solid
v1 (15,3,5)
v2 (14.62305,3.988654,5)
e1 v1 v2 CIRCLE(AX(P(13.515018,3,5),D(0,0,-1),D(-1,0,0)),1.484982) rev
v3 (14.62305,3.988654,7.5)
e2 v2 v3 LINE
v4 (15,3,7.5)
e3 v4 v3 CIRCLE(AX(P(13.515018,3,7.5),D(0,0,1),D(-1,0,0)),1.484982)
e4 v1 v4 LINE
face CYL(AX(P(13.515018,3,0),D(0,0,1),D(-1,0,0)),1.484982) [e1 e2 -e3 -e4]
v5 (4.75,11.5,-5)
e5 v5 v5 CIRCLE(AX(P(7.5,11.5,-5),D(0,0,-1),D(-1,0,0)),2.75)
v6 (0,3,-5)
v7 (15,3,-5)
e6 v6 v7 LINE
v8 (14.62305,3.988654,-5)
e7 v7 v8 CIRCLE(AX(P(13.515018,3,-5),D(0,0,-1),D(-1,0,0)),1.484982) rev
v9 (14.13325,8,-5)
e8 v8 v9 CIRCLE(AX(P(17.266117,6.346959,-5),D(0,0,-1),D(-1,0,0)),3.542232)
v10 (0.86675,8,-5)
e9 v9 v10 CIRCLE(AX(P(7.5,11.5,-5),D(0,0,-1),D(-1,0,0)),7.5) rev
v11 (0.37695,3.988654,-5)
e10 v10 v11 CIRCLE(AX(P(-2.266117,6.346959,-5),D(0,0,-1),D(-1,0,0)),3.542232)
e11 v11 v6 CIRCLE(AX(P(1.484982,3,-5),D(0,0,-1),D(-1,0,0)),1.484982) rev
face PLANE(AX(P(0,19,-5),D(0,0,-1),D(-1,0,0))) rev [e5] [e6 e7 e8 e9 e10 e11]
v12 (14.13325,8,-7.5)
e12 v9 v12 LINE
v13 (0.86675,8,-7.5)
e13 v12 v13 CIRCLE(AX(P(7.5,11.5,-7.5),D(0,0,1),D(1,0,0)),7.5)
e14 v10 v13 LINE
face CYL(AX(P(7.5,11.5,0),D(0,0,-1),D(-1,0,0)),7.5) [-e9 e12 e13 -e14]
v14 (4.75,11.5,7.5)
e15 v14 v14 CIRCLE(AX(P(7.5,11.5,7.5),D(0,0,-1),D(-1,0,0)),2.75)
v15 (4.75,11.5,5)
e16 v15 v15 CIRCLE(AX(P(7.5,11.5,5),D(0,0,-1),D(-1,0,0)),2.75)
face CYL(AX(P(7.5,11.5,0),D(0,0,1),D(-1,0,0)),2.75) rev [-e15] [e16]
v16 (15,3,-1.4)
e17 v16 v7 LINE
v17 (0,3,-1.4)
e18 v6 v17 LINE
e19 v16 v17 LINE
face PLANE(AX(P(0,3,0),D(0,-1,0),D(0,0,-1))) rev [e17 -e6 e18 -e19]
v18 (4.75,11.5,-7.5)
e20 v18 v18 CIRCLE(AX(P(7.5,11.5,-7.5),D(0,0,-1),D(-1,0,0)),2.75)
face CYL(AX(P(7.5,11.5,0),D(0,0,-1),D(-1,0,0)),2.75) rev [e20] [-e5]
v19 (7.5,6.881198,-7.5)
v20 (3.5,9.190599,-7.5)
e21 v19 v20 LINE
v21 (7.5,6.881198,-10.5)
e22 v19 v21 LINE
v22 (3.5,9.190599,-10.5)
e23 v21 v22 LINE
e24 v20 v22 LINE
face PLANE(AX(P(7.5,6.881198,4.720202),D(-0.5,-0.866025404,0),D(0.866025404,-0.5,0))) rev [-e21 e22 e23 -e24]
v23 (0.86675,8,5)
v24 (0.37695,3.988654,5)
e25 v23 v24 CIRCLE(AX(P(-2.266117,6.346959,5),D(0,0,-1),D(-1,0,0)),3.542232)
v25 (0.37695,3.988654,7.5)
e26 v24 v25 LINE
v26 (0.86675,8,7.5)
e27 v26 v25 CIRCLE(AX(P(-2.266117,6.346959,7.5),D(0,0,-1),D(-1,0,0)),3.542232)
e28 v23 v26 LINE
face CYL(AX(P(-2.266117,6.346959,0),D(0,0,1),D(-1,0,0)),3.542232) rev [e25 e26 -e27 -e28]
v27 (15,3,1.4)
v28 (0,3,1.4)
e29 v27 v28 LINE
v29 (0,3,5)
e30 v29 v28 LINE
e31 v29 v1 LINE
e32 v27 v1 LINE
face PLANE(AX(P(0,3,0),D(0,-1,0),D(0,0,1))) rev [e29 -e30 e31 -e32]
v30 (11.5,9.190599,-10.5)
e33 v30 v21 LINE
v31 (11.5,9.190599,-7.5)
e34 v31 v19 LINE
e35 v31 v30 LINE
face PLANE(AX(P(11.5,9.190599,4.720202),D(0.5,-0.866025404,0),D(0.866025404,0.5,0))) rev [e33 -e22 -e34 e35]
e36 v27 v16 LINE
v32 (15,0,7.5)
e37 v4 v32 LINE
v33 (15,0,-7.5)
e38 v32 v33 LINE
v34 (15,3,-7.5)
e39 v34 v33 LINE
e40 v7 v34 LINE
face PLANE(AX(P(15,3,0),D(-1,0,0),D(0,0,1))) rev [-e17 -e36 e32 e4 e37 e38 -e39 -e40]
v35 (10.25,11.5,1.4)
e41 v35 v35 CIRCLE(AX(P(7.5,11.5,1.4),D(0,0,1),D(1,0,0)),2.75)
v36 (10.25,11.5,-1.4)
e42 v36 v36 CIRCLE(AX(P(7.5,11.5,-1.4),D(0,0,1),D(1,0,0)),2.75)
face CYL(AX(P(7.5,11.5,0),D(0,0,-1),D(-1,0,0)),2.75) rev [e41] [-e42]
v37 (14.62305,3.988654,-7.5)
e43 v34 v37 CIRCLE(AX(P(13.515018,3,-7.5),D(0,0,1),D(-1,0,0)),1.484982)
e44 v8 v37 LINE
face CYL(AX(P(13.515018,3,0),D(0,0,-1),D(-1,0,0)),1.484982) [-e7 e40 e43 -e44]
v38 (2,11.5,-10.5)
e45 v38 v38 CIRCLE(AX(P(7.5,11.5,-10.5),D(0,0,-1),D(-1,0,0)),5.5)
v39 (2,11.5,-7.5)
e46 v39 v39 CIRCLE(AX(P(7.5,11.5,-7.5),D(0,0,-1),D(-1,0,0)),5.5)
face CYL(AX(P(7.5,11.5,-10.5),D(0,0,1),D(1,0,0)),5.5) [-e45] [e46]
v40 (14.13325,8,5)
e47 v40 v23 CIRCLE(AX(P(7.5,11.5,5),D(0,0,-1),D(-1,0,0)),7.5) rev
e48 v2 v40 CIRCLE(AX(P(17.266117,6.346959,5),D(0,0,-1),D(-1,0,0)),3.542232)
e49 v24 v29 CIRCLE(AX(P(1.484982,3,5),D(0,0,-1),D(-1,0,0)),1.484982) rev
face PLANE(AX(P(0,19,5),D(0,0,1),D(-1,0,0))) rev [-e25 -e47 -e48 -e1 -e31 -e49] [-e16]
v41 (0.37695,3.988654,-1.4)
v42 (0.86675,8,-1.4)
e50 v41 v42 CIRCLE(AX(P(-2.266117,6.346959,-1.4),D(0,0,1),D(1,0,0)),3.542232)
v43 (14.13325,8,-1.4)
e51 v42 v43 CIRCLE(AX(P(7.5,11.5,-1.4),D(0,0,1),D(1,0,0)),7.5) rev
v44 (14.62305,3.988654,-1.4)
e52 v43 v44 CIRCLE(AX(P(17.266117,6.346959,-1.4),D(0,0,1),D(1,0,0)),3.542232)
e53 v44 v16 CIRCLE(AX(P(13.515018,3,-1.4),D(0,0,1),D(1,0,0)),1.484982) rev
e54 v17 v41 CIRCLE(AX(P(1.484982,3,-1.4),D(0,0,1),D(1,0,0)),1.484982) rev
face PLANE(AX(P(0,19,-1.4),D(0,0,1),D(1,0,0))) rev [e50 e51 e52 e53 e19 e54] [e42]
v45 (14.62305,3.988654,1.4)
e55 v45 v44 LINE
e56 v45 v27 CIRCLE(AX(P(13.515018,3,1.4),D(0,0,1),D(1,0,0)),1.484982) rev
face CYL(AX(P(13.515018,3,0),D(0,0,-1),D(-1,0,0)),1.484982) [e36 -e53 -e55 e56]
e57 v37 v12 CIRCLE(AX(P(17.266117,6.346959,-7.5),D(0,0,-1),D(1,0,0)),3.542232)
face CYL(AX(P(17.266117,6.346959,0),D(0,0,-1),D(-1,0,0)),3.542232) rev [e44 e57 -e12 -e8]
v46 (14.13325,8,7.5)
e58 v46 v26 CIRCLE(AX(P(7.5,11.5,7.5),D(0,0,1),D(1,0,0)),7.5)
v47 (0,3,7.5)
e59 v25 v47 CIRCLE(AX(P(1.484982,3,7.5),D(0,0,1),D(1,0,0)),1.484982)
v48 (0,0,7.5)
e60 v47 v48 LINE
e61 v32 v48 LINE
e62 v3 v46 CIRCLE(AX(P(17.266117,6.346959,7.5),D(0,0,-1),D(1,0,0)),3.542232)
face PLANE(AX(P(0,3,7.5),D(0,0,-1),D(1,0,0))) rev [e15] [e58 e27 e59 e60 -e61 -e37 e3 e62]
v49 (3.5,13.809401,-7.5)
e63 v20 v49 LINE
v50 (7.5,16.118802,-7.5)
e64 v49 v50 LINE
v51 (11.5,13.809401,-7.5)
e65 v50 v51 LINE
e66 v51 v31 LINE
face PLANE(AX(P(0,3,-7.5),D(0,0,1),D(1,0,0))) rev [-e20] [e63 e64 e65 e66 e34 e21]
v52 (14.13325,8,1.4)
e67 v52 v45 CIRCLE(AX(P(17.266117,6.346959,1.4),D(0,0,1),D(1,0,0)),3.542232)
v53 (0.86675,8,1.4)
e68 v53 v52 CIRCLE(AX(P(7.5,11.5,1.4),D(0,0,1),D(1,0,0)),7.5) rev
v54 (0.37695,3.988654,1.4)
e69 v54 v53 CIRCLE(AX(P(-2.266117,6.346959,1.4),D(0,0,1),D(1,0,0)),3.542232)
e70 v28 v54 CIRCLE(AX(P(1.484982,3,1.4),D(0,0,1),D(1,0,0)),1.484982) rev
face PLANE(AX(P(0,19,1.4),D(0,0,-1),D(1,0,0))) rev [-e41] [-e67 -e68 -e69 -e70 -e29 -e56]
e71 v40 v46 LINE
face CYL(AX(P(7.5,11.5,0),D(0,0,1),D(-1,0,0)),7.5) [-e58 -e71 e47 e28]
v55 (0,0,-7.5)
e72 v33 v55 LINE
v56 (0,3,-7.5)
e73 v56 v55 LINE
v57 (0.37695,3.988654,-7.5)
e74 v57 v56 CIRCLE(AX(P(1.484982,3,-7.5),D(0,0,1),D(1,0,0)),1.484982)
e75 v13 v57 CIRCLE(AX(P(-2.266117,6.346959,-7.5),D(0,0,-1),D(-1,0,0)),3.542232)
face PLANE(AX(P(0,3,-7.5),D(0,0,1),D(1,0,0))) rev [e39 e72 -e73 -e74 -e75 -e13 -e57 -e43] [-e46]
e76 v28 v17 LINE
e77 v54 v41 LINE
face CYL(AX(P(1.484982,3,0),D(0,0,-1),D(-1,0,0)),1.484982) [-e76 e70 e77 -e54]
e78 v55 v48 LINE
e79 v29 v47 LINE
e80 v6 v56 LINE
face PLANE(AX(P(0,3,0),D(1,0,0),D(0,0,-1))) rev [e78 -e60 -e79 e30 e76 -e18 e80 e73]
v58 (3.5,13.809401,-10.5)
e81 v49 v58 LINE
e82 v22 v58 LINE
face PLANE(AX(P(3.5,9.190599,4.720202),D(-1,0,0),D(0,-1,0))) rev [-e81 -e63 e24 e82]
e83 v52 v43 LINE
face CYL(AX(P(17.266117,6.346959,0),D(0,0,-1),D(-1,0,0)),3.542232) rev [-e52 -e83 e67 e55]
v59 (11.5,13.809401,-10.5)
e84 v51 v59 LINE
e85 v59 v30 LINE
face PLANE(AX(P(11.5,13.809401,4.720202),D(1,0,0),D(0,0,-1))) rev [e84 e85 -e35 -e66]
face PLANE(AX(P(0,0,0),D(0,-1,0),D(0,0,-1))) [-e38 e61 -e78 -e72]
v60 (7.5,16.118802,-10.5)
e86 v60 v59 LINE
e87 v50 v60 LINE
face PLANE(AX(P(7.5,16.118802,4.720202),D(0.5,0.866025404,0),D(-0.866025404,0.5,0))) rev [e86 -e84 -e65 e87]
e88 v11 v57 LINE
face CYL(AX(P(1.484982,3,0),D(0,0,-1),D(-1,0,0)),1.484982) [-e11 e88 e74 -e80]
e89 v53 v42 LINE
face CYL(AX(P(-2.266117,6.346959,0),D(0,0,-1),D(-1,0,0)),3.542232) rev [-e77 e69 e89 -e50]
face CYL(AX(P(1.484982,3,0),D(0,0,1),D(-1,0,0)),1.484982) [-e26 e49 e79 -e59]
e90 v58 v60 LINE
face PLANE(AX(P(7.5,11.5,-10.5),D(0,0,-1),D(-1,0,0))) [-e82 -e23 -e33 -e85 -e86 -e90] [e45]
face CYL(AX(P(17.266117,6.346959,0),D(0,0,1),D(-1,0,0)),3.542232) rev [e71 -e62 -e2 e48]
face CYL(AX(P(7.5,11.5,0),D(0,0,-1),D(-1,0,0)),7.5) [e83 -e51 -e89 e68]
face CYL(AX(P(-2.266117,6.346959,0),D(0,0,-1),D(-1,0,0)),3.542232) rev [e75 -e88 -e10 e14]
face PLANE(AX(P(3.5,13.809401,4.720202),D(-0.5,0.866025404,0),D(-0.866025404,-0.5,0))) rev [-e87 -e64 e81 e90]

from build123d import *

# Parameters (mm, degrees)
SKETCH1_W               = 15
SKETCH1_H               = 7.5
BOSS_EXTRUDE_BASE_DEPTH = 3
SKETCH2_W               = 15
SKETCH2_H               = 2.5
SKETCH2_H_2             = 1.4
BOSS_EXTRUDE2_DEPTH     = 16
CUT_EXTRUDE1_DEPTH      = 26.342651795
SKETCH6_R               = 2.75
CUT_EXTRUDE_HOLE_DEPTH  = 26.342651795
SKETCH7_R               = 5.5
BOSS_EXTRUDE4_DEPTH     = 3
CUT_EXTRUDE4_DEPTH      = 3


with BuildPart() as part:
    # Sketch1 → Boss-Extrude - Base (new body)
    with BuildSketch(Plane(origin=(0, 0, 0), x_dir=(1, 0, 0), z_dir=(0, 1, 0))):
        with Locations((7.5, 3.75)):
            Rectangle(SKETCH1_W, SKETCH1_H)
    extrude(amount=BOSS_EXTRUDE_BASE_DEPTH)

    # Sketch2 → Boss-Extrude2 (add)
    with BuildSketch(Plane(origin=(0, 3, 0), x_dir=(1, 0, 0), z_dir=(0, 1, 0))):
        with Locations((7.5, 6.25)):
            Rectangle(SKETCH2_W, SKETCH2_H)
        with Locations((7.5, 0.7)):
            Rectangle(SKETCH2_W, SKETCH2_H_2)
    extrude(amount=BOSS_EXTRUDE2_DEPTH)

    # Sketch4 → Cut-Extrude1 (cut, through all)
    with BuildSketch(Plane(origin=(0, 0, -7.5), x_dir=(-1, 0, 0), z_dir=(0, 0, -1))):
        with BuildLine():
            Line((0, 3), (3.144969959, 3))
            Line((3.144969959, 3), (3.144969959, 20.655431795))
            Line((3.144969959, 20.655431795), (-18.154935256, 20.655431795))
            Line((-18.154935256, 20.655431795), (-18.154935256, 3))
            Line((-18.154935256, 3), (-15, 3))
            ThreePointArc((-15, 3), (-14.902566102, 3.529038543), (-14.623050239, 3.988653628))
            ThreePointArc((-14.623050239, 3.988653628), (-13.75, 5.91762732), (-14.133249581, 8))
            ThreePointArc((-14.133249581, 8), (-7.5, 19), (-0.866750419, 8))
            ThreePointArc((-0.866750419, 8), (-1.25, 5.91762732), (-0.376949761, 3.988653628))
            ThreePointArc((-0.376949761, 3.988653628), (-0.097433898, 3.529038543), (0, 3))
        make_face()
    extrude(amount=-CUT_EXTRUDE1_DEPTH, mode=Mode.SUBTRACT)

    # Sketch6 → Cut-Extrude - Hole (cut, through all)
    with BuildSketch(Plane(origin=(0, 0, -7.5), x_dir=(-1, 0, 0), z_dir=(0, 0, -1))):
        with Locations((-7.5, 11.5)):
            Circle(SKETCH6_R)
    extrude(amount=-CUT_EXTRUDE_HOLE_DEPTH, mode=Mode.SUBTRACT)

    # Mirror1: part across plane


with BuildPart() as part_1:
    add(part.part)
    add(part.part.mirror(Plane(origin=(0, 3, 0), x_dir=(1, 0, 0), z_dir=(0, 0, -1))))

    # Sketch7 → Boss-Extrude4 (add)
    with BuildSketch(Plane(origin=(0, 0, -7.5), x_dir=(-1, 0, 0), z_dir=(0, 0, -1))):
        with Locations((-7.5, 11.5)):
            Circle(SKETCH7_R)
    extrude(amount=BOSS_EXTRUDE4_DEPTH)

    # Sketch8 → Cut-Extrude4 (cut)
    with BuildSketch(Plane(origin=(0, 0, -10.5), x_dir=(-1, 0, 0), z_dir=(0, 0, -1))):
        Polygon((-3.5, 9.190598923), (-3.5, 13.809401077), (-7.5, 16.118802154), (-11.5, 13.809401077), (-11.5, 9.190598923), (-7.5, 6.881197846), align=None)
    extrude(amount=-CUT_EXTRUDE4_DEPTH, mode=Mode.SUBTRACT)


solid = part_1.part
